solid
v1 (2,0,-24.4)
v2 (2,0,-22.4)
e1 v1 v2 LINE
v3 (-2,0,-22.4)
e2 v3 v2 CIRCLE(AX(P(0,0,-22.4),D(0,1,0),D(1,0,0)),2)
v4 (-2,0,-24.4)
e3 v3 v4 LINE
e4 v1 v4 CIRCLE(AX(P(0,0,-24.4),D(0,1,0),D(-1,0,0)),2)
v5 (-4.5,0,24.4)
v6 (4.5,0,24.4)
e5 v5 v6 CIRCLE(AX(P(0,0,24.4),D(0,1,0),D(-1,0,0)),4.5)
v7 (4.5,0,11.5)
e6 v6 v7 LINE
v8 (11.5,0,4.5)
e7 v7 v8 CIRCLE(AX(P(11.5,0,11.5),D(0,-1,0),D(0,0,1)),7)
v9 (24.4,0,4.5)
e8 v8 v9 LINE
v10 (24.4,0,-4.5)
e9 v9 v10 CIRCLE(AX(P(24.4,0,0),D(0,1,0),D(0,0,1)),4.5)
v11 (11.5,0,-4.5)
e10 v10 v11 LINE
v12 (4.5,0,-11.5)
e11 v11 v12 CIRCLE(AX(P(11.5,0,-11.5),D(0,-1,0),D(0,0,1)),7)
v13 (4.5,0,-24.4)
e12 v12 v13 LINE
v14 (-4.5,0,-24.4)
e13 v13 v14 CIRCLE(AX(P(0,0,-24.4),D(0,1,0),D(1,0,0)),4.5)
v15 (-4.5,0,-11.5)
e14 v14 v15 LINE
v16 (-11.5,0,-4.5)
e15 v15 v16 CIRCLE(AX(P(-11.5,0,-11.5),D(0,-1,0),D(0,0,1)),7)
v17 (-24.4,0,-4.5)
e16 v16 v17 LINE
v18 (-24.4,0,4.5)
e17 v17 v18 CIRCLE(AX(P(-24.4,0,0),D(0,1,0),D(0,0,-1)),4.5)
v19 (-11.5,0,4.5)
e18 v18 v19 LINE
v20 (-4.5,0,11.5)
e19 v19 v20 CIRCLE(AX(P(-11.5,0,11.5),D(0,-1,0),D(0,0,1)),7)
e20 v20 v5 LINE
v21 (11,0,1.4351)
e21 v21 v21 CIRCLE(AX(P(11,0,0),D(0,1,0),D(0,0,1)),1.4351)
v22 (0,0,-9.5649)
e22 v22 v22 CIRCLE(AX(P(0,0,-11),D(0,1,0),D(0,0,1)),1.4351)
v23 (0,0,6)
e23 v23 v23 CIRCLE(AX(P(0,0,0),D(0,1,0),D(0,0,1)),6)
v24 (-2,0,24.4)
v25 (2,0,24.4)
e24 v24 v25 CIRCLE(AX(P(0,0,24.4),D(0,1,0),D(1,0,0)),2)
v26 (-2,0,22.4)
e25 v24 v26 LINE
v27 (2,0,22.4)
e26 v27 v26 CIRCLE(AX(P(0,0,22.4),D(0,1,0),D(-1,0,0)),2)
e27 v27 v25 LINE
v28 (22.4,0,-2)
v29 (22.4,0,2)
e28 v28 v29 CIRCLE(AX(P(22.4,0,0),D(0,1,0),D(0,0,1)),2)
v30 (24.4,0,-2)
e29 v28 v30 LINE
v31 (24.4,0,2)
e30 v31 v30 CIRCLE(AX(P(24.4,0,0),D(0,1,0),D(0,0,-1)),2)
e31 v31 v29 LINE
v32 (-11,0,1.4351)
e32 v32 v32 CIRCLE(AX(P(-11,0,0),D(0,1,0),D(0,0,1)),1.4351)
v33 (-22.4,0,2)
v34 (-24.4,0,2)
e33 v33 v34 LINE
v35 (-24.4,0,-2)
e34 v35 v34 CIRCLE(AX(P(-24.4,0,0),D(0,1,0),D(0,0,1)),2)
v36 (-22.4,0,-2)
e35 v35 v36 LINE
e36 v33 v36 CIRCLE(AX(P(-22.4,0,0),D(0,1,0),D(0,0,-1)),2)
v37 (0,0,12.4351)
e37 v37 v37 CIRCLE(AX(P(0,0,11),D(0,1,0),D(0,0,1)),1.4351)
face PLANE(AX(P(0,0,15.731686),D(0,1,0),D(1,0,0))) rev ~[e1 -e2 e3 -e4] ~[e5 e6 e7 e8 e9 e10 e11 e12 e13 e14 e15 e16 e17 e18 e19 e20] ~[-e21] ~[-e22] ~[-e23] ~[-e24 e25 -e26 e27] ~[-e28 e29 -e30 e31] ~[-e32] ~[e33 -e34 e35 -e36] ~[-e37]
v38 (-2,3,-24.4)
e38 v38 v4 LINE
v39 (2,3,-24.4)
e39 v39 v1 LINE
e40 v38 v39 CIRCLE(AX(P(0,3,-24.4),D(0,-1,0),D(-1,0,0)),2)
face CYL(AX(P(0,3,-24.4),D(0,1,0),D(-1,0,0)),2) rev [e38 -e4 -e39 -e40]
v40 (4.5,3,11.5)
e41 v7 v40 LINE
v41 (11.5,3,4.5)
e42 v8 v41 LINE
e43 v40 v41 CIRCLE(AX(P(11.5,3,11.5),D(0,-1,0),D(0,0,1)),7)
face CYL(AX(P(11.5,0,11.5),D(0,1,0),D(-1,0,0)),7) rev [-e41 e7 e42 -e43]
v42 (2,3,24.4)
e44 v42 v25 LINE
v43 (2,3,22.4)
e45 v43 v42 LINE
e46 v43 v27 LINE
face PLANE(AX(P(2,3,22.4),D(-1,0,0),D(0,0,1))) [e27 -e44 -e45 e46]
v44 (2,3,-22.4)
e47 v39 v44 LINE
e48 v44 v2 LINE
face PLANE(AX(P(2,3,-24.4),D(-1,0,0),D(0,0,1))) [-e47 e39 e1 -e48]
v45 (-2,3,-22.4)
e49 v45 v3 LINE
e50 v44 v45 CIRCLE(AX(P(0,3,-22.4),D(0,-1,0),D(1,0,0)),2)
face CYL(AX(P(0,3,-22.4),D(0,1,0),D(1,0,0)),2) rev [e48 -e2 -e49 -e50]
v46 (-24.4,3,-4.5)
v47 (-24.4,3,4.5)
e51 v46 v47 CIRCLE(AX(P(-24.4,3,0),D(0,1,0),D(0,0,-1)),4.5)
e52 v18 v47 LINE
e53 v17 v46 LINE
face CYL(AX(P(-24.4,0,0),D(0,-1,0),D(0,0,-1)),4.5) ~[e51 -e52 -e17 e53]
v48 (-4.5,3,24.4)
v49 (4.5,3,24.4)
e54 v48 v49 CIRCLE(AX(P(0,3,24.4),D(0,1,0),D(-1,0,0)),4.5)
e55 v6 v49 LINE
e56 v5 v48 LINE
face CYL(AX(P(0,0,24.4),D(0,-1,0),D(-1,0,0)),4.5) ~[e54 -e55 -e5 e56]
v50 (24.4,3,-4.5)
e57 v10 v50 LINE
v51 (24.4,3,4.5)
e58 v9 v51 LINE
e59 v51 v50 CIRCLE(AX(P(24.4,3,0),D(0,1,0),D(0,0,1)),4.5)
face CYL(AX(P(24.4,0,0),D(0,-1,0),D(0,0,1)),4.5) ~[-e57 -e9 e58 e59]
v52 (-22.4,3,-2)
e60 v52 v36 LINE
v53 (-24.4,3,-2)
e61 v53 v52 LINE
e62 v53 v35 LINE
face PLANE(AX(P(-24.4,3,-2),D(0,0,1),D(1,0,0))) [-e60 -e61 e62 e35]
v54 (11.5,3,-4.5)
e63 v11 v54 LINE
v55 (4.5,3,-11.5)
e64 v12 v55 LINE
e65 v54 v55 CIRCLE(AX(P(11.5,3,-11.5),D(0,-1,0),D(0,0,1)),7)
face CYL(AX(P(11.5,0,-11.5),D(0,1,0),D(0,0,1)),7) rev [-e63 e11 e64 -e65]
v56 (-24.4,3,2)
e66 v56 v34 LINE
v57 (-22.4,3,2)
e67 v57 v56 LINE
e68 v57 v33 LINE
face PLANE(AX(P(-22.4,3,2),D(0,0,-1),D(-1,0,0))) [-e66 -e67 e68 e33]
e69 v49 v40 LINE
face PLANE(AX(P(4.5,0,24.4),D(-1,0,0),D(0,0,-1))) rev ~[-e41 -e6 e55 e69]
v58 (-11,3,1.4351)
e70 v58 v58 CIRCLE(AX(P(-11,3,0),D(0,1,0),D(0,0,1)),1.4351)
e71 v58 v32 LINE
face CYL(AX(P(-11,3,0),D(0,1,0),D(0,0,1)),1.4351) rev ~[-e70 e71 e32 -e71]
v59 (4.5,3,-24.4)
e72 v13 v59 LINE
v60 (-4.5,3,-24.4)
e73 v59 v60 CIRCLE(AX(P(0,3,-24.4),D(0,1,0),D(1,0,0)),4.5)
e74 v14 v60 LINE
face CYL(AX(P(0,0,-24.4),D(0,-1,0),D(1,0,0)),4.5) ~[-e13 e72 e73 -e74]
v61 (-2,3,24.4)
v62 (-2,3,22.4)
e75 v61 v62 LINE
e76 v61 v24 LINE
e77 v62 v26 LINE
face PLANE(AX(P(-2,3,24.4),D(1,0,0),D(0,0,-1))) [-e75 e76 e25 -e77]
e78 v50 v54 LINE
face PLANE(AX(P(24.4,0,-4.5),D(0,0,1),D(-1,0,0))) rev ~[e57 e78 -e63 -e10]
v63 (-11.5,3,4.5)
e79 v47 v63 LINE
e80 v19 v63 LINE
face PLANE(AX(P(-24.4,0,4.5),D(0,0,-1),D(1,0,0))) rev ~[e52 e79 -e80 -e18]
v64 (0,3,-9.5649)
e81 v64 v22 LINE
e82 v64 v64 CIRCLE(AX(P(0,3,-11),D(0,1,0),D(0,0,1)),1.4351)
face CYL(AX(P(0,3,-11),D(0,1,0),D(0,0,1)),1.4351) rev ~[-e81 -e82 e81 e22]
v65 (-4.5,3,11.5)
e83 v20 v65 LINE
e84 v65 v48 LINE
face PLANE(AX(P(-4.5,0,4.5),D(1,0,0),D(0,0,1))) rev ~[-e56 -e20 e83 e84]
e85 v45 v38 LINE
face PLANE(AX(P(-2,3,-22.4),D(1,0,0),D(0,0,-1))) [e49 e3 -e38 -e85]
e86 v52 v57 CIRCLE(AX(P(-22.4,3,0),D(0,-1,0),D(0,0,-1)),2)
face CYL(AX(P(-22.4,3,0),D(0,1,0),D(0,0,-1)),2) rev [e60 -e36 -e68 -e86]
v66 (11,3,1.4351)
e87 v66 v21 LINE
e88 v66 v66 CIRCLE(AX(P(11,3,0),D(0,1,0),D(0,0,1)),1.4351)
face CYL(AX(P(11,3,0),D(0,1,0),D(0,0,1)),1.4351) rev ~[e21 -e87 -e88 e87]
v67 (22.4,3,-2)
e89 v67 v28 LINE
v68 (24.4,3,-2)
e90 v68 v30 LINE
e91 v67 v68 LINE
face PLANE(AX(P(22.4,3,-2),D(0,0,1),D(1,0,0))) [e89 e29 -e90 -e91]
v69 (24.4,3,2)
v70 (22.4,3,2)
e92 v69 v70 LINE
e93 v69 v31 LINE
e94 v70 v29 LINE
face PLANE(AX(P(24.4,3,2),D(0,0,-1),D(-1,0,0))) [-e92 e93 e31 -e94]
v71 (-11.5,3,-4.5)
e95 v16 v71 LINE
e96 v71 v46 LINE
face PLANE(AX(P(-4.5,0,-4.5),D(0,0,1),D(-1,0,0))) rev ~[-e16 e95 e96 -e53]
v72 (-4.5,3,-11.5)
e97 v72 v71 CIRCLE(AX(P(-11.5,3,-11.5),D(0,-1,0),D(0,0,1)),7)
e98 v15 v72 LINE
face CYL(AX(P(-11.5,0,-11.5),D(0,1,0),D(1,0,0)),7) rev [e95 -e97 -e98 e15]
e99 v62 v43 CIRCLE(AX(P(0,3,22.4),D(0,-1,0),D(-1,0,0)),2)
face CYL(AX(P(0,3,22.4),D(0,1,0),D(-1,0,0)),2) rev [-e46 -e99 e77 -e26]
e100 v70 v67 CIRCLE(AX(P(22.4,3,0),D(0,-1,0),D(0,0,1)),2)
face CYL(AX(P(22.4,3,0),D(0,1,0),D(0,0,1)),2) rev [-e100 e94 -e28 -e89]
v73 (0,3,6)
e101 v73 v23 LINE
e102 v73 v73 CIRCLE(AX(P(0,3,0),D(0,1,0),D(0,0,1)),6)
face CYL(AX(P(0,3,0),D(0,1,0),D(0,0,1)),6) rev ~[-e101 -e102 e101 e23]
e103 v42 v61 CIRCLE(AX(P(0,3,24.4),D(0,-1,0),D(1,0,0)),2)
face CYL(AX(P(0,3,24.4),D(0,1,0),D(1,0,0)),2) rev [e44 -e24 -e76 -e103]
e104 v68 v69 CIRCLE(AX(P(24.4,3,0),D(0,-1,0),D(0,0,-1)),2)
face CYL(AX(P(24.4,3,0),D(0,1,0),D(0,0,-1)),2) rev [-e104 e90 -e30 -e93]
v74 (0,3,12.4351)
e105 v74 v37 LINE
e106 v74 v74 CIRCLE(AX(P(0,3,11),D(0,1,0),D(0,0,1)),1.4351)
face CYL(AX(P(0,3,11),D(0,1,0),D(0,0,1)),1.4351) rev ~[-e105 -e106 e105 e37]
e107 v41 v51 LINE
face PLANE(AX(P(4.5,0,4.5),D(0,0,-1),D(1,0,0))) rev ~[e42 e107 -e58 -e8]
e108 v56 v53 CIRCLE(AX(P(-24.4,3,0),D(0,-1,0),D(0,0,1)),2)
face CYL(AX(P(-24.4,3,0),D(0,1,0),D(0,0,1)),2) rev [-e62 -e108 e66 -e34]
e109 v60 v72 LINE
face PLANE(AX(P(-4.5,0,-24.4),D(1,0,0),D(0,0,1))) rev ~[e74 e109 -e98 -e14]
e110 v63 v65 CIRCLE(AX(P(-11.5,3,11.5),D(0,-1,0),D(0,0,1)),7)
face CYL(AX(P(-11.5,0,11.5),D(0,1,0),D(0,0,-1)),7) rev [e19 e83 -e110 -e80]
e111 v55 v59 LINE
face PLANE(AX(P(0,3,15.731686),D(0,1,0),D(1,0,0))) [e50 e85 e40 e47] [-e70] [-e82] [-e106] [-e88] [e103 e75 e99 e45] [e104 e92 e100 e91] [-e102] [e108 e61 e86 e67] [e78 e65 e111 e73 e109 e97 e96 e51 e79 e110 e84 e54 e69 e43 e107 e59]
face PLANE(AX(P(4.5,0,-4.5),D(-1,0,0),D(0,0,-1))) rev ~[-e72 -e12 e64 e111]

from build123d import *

# Parameters (mm, degrees)
SKETCH1_W           = 9
SKETCH1_H           = 9
BOSS_EXTRUDE1_DEPTH = 3
FILLET1_R           = 7
SKETCH2_R           = 6
CUT_EXTRUDE1_DEPTH  = 41.980727178
SKETCH5_R           = 1.4351
CUT_EXTRUDE2_DEPTH  = 41.980727178
CUT_EXTRUDE3_DEPTH  = 41.980727178


with BuildPart() as part:
    # Sketch1 → Boss-Extrude1 (new body)
    with BuildSketch(Plane(origin=(0, 0, 0), x_dir=(1, 0, 0), z_dir=(0, 1, 0))):
        with BuildLine():
            Line((4.5, -24.4), (4.5, -4.5))
            Line((4.5, -4.5), (-4.5, -4.5))
            Line((-4.5, -4.5), (-4.5, -24.4))
            ThreePointArc((-4.5, -24.4), (0, -28.9), (4.5, -24.4))
        make_face()
        Rectangle(SKETCH1_W, SKETCH1_H)
        with BuildLine():
            Line((24.4, 4.5), (4.5, 4.5))
            Line((4.5, 4.5), (4.5, -4.5))
            Line((4.5, -4.5), (24.4, -4.5))
            ThreePointArc((24.4, -4.5), (28.9, 0), (24.4, 4.5))
        make_face()
        with BuildLine():
            Line((4.5, 4.5), (4.5, 24.4))
            ThreePointArc((4.5, 24.4), (0, 28.9), (-4.5, 24.4))
            Line((-4.5, 24.4), (-4.5, 4.5))
            Line((-4.5, 4.5), (4.5, 4.5))
        make_face()
        with BuildLine():
            Line((-4.5, -4.5), (-4.5, 4.5))
            Line((-4.5, 4.5), (-24.4, 4.5))
            ThreePointArc((-24.4, 4.5), (-28.9, 0), (-24.4, -4.5))
            Line((-24.4, -4.5), (-4.5, -4.5))
        make_face()
    extrude(amount=BOSS_EXTRUDE1_DEPTH)

    # Fillet1
    fillet1_edges = [part.edges().sort_by_distance(p)[0] for p in [
        (-4.5, 1.5, 4.5),
        (-4.5, 1.5, -4.5),
        (4.5, 1.5, -4.5),
        (4.5, 1.5, 4.5),
    ]]
    fillet(fillet1_edges, radius=FILLET1_R)

    # Sketch2 → Cut-Extrude1 (cut, through all)
    with BuildSketch(Plane(origin=(0, 3, 0), x_dir=(1, 0, 0), z_dir=(0, 1, 0))):
        with Locations(Location((0, 0, 0), (0, 0, 270))):
            Circle(SKETCH2_R)
    extrude(amount=-CUT_EXTRUDE1_DEPTH, mode=Mode.SUBTRACT)

    # Sketch5 → Cut-Extrude2 (cut, through all)
    with BuildSketch(Plane(origin=(0, 3, 0), x_dir=(1, 0, 0), z_dir=(0, 1, 0))):
        with Locations(Location((-11, 0, 0), (0, 0, 270))):
            Circle(SKETCH5_R)
        with Locations(Location((0, 11, 0), (0, 0, 270))):
            Circle(SKETCH5_R)
        with Locations(Location((11, 0, 0), (0, 0, 270))):
            Circle(SKETCH5_R)
        with Locations(Location((0, -11, 0), (0, 0, 270))):
            Circle(SKETCH5_R)
    extrude(amount=-CUT_EXTRUDE2_DEPTH, mode=Mode.SUBTRACT)

    # Sketch6 → Cut-Extrude3 (cut, through all)
    with BuildSketch(Plane(origin=(0, 3, 0), x_dir=(1, 0, 0), z_dir=(0, 1, 0))):
        with BuildLine():
            Line((-22.4, -2), (-24.4, -2))
            ThreePointArc((-24.4, -2), (-26.4, 0), (-24.4, 2))
            Line((-24.4, 2), (-22.4, 2))
            ThreePointArc((-22.4, 2), (-20.4, 0), (-22.4, -2))
        make_face()
        with BuildLine():
            Line((-2, 22.4), (-2, 24.4))
            ThreePointArc((-2, 24.4), (0, 26.4), (2, 24.4))
            Line((2, 24.4), (2, 22.4))
            ThreePointArc((2, 22.4), (0, 20.4), (-2, 22.4))
        make_face()
        with BuildLine():
            Line((22.4, 2), (24.4, 2))
            ThreePointArc((24.4, 2), (26.4, 0), (24.4, -2))
            Line((24.4, -2), (22.4, -2))
            ThreePointArc((22.4, -2), (20.4, 0), (22.4, 2))
        make_face()
        with BuildLine():
            Line((2, -22.4), (2, -24.4))
            ThreePointArc((2, -24.4), (0, -26.4), (-2, -24.4))
            Line((-2, -24.4), (-2, -22.4))
            ThreePointArc((-2, -22.4), (0, -20.4), (2, -22.4))
        make_face()
    extrude(amount=-CUT_EXTRUDE3_DEPTH, mode=Mode.SUBTRACT)


solid = part.part
